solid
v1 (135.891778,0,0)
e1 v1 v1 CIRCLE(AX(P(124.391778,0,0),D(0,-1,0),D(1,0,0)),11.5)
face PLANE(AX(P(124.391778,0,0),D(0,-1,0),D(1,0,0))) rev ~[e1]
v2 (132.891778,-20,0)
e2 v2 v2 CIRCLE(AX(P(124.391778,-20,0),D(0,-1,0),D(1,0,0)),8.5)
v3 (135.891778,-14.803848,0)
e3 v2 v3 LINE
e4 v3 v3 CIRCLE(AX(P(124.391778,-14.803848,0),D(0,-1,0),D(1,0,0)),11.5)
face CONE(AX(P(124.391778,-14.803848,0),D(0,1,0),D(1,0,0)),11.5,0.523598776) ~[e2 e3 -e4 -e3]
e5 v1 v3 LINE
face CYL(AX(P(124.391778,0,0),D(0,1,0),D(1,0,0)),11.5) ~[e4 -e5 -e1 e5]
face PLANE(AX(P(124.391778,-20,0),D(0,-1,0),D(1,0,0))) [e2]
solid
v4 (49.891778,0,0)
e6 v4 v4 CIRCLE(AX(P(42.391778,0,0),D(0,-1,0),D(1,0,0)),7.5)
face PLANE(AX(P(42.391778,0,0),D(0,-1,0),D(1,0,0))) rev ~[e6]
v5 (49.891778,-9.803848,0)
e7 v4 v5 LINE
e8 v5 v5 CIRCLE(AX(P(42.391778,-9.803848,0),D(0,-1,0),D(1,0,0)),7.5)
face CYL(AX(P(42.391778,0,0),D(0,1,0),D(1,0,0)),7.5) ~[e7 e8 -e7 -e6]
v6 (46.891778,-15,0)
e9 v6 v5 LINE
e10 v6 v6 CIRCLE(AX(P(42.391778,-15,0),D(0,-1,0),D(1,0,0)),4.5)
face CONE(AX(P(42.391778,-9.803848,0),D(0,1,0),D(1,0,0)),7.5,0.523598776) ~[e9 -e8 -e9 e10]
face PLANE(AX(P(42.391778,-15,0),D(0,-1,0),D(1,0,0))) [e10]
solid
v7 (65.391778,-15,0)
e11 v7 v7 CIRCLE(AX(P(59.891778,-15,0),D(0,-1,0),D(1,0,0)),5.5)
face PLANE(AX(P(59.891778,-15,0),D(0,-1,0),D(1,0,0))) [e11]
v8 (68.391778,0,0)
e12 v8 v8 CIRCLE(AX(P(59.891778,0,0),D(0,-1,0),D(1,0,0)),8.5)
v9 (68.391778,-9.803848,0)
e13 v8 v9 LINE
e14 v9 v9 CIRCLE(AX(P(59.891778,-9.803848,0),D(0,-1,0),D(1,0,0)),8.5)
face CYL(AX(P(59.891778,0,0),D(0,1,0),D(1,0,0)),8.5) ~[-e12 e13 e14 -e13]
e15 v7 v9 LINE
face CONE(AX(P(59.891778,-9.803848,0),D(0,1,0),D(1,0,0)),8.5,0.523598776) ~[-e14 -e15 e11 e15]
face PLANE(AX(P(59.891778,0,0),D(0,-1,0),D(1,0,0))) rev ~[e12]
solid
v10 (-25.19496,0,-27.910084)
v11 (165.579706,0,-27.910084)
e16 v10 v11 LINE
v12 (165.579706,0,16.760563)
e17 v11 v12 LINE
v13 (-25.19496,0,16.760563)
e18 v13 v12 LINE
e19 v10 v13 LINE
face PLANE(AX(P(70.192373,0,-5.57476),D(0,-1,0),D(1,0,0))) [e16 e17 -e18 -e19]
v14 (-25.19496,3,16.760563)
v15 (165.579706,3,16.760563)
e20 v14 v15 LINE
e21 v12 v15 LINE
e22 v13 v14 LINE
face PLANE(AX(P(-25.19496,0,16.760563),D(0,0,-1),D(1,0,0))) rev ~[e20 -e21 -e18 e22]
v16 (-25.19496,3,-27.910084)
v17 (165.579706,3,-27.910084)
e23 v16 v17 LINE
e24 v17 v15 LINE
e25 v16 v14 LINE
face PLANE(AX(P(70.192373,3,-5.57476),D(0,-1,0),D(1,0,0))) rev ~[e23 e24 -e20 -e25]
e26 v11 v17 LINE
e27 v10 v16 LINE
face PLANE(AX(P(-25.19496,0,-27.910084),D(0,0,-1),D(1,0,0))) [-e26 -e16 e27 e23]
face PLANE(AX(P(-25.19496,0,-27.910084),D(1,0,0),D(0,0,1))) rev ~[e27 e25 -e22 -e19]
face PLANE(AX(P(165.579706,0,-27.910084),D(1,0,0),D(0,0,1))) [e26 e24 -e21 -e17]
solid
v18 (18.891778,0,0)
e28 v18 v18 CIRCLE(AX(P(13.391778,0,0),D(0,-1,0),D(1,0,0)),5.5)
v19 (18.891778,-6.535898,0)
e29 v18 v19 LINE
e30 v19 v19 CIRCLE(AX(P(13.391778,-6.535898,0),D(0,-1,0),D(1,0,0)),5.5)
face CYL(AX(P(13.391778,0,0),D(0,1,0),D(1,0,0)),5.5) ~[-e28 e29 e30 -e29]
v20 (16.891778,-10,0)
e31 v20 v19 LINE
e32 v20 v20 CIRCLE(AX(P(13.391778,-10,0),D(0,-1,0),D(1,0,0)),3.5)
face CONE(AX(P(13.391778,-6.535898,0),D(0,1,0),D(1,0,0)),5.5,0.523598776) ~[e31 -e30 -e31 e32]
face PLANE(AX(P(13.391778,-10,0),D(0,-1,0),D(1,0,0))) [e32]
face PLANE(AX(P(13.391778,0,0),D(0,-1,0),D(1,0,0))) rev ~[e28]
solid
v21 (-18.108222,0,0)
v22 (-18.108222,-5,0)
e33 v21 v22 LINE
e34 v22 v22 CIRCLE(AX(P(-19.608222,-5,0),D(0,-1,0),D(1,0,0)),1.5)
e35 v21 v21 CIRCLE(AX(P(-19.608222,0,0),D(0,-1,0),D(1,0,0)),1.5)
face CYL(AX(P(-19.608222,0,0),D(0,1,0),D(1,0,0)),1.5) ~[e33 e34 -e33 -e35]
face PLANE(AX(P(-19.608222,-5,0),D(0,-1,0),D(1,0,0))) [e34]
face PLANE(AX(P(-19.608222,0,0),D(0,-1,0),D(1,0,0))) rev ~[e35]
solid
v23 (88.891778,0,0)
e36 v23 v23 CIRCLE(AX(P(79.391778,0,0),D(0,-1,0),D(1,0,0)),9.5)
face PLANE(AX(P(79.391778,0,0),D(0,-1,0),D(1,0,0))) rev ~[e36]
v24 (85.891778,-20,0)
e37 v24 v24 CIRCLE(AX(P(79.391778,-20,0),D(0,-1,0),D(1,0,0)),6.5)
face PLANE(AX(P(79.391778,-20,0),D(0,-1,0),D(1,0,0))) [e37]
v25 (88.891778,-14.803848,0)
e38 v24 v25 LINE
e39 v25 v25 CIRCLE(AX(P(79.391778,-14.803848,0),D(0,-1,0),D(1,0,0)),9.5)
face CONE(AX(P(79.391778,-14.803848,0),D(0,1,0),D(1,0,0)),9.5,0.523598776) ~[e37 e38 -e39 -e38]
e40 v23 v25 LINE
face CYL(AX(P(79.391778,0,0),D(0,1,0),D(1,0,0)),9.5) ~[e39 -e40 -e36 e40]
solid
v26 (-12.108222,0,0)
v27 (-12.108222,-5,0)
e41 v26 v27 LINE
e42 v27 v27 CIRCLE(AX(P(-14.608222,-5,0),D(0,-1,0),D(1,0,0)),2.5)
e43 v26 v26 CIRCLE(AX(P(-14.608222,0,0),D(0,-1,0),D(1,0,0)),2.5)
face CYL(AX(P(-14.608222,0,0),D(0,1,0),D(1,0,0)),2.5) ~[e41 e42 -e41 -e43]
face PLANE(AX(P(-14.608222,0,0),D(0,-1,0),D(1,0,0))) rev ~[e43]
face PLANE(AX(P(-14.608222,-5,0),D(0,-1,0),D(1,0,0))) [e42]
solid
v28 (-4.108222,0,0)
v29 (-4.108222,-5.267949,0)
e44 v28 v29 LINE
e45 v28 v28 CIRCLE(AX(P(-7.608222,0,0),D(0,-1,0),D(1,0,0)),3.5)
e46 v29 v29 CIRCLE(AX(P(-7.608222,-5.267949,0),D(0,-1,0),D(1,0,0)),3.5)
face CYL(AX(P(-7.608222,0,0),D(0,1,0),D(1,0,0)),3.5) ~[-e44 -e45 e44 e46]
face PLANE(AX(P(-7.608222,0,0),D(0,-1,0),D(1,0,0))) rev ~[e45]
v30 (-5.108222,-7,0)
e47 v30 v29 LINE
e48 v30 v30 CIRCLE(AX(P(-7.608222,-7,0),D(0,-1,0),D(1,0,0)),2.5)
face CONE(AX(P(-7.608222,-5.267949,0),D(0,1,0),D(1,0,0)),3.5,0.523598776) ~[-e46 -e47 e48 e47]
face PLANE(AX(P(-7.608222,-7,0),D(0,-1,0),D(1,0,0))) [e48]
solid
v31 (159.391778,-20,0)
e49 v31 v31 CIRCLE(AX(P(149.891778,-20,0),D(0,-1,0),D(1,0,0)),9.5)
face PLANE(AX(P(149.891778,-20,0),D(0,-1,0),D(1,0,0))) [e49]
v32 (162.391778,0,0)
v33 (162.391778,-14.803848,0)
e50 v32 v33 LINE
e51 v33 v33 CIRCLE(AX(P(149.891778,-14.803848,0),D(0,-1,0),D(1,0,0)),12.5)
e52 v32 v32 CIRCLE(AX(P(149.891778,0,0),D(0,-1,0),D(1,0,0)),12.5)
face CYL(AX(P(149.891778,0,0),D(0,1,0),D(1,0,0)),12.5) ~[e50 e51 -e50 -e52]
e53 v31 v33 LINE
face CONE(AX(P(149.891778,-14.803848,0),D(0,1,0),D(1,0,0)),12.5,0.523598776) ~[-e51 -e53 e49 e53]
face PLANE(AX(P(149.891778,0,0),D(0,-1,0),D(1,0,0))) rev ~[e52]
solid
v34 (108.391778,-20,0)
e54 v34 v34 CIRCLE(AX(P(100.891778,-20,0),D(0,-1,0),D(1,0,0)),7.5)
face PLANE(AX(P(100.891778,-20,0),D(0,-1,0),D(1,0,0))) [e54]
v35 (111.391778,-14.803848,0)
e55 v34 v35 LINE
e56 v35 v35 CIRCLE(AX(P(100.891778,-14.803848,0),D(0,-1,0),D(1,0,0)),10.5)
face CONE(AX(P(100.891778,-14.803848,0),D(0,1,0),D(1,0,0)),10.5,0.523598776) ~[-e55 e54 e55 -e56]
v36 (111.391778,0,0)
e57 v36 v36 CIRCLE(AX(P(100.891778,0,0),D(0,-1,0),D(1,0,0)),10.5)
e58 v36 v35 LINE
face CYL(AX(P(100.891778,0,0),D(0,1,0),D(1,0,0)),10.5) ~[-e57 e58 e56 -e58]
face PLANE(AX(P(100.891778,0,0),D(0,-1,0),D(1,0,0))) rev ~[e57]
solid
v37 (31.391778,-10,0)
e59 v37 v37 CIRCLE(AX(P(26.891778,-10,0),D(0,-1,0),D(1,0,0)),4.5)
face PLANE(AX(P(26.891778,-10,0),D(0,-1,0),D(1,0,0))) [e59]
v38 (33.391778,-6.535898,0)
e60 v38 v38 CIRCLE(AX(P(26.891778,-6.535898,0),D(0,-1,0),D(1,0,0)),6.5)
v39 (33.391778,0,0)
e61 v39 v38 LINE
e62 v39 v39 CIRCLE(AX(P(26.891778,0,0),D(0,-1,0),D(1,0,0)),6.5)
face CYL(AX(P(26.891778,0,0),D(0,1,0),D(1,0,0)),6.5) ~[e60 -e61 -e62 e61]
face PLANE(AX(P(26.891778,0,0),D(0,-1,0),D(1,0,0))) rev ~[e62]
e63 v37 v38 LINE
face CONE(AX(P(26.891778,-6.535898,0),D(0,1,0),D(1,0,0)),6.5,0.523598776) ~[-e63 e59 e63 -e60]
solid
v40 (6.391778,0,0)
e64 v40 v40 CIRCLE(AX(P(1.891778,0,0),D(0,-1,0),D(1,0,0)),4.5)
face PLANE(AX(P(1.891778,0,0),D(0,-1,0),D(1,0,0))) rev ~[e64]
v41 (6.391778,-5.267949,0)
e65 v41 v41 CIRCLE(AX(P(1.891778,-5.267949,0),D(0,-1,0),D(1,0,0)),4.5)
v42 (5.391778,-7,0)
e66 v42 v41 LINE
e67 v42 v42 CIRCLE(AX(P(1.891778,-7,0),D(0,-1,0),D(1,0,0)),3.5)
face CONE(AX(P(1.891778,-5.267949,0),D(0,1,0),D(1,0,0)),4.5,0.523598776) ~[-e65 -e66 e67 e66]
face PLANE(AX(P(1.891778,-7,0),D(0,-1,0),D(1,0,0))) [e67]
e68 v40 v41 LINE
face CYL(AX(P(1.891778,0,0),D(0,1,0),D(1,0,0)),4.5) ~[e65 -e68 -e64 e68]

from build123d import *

# Parameters (mm, degrees)
F0_R        = 1.5
F1_DEPTH    = 5
F0_R_2      = 2.5
F0_R_3      = 3.5
F2_DEPTH    = 7
F0_R_4      = 4.5
F0_R_5      = 5.5
F3_DEPTH    = 10
F0_R_6      = 6.5
F0_R_7      = 7.5
F4_DEPTH    = 15
F0_R_8      = 8.5
F0_R_9      = 9.5
F5_DEPTH    = 20
F0_R_10     = 10.5
F0_R_11     = 11.5
F6_DEPTH    = 20
F0_R_12     = 12.5
F7_W        = 190.7746661454
F7_H        = 44.6706470102
F8_DEPTH    = 3
F9_SIZE2    = 5.1961524227
F9_SIZE     = 3
F9_2_SIZE2  = 5.1961524227
F9_2_SIZE   = 3
F9_3_SIZE2  = 5.1961524227
F9_3_SIZE   = 3
F9_4_SIZE2  = 5.1961524227
F9_4_SIZE   = 3
F9_5_SIZE2  = 5.1961524227
F9_5_SIZE   = 3
F9_6_SIZE2  = 5.1961524227
F9_6_SIZE   = 3
F10_SIZE2   = 3.4641016151
F10_SIZE    = 2
F10_2_SIZE2 = 3.4641016151
F10_2_SIZE  = 2
F11_SIZE2   = 1.7320508076
F11_SIZE    = 1
F11_2_SIZE2 = 1.7320508076
F11_2_SIZE  = 1


with BuildPart() as f1:
    # F0 (on Front) → F1 (new body)
    with BuildSketch(Plane.XZ):
        with Locations((-19.6082217147, 0)):
            Circle(F0_R)
    extrude(amount=F1_DEPTH)


with BuildPart() as f1b:
    # F0 (on Front) → F1, piece 2 (new body)
    with BuildSketch(Plane.XZ):
        with Locations((-14.6082217147, 0)):
            Circle(F0_R_2)
    extrude(amount=F1_DEPTH)


with BuildPart() as f2:
    # F0 (on Front) → F2 (new body)
    with BuildSketch(Plane.XZ):
        with Locations((-7.6082217147, 0)):
            Circle(F0_R_3)
    extrude(amount=F2_DEPTH)

    # F11#2
    f11_2_edges = [f2.edges().sort_by_distance(p)[0] for p in [
        (-11.108222, -7, 0),
    ]]
    f11_2_side = f2.faces().sort_by_distance((-7.608222, -7, 0))[0]
    chamfer(f11_2_edges, length=F11_2_SIZE, length2=F11_2_SIZE2, reference=f11_2_side)


with BuildPart() as f2b:
    # F0 (on Front) → F2, piece 2 (new body)
    with BuildSketch(Plane.XZ):
        with Locations((1.8917782853, 0)):
            Circle(F0_R_4)
    extrude(amount=F2_DEPTH)

    # F11
    f11_edges = [f2b.edges().sort_by_distance(p)[0] for p in [
        (-2.608222, -7, 0),
    ]]
    f11_side = f2b.faces().sort_by_distance((1.891778, -7, 0))[0]
    chamfer(f11_edges, length=F11_SIZE, length2=F11_SIZE2, reference=f11_side)


with BuildPart() as f3:
    # F0 (on Front) → F3 (new body)
    with BuildSketch(Plane.XZ):
        with Locations((13.3917782853, 0)):
            Circle(F0_R_5)
    extrude(amount=F3_DEPTH)

    # F10#2
    f10_2_edges = [f3.edges().sort_by_distance(p)[0] for p in [
        (7.891778, -10, 0),
    ]]
    f10_2_side = f3.faces().sort_by_distance((13.391778, -10, 0))[0]
    chamfer(f10_2_edges, length=F10_2_SIZE, length2=F10_2_SIZE2, reference=f10_2_side)


with BuildPart() as f3b:
    # F0 (on Front) → F3, piece 2 (new body)
    with BuildSketch(Plane.XZ):
        with Locations((26.8917782853, 0)):
            Circle(F0_R_6)
    extrude(amount=F3_DEPTH)

    # F10
    f10_edges = [f3b.edges().sort_by_distance(p)[0] for p in [
        (20.391778, -10, 0),
    ]]
    f10_side = f3b.faces().sort_by_distance((26.891778, -10, 0))[0]
    chamfer(f10_edges, length=F10_SIZE, length2=F10_SIZE2, reference=f10_side)


with BuildPart() as f4:
    # F0 (on Front) → F4 (new body)
    with BuildSketch(Plane.XZ):
        with Locations((42.3917782853, 0)):
            Circle(F0_R_7)
    extrude(amount=F4_DEPTH)

    # F9#6
    f9_6_edges = [f4.edges().sort_by_distance(p)[0] for p in [
        (34.891778, -15, 0),
    ]]
    f9_6_side = f4.faces().sort_by_distance((42.391778, -15, 0))[0]
    chamfer(f9_6_edges, length=F9_6_SIZE, length2=F9_6_SIZE2, reference=f9_6_side)


with BuildPart() as f4b:
    # F0 (on Front) → F4, piece 2 (new body)
    with BuildSketch(Plane.XZ):
        with Locations((59.8917782853, 0)):
            Circle(F0_R_8)
    extrude(amount=F4_DEPTH)

    # F9#5
    f9_5_edges = [f4b.edges().sort_by_distance(p)[0] for p in [
        (51.391778, -15, 0),
    ]]
    f9_5_side = f4b.faces().sort_by_distance((59.891778, -15, 0))[0]
    chamfer(f9_5_edges, length=F9_5_SIZE, length2=F9_5_SIZE2, reference=f9_5_side)


with BuildPart() as f5:
    # F0 (on Front) → F5 (new body)
    with BuildSketch(Plane.XZ):
        with Locations((79.3917782853, 0)):
            Circle(F0_R_9)
    extrude(amount=F5_DEPTH)

    # F9#4
    f9_4_edges = [f5.edges().sort_by_distance(p)[0] for p in [
        (69.891778, -20, 0),
    ]]
    f9_4_side = f5.faces().sort_by_distance((79.391778, -20, 0))[0]
    chamfer(f9_4_edges, length=F9_4_SIZE, length2=F9_4_SIZE2, reference=f9_4_side)


with BuildPart() as f5b:
    # F0 (on Front) → F5, piece 2 (new body)
    with BuildSketch(Plane.XZ):
        with Locations((100.8917782853, 0)):
            Circle(F0_R_10)
    extrude(amount=F5_DEPTH)

    # F9#3
    f9_3_edges = [f5b.edges().sort_by_distance(p)[0] for p in [
        (90.391778, -20, 0),
    ]]
    f9_3_side = f5b.faces().sort_by_distance((100.891778, -20, 0))[0]
    chamfer(f9_3_edges, length=F9_3_SIZE, length2=F9_3_SIZE2, reference=f9_3_side)


with BuildPart() as f6:
    # F0 (on Front) → F6 (new body)
    with BuildSketch(Plane.XZ):
        with Locations((124.3917782853, 0)):
            Circle(F0_R_11)
    extrude(amount=F6_DEPTH)

    # F9#2
    f9_2_edges = [f6.edges().sort_by_distance(p)[0] for p in [
        (112.891778, -20, 0),
    ]]
    f9_2_side = f6.faces().sort_by_distance((124.391778, -20, 0))[0]
    chamfer(f9_2_edges, length=F9_2_SIZE, length2=F9_2_SIZE2, reference=f9_2_side)


with BuildPart() as f6b:
    # F0 (on Front) → F6, piece 2 (new body)
    with BuildSketch(Plane.XZ):
        with Locations((149.8917782853, 0)):
            Circle(F0_R_12)
    extrude(amount=F6_DEPTH)

    # F9
    f9_edges = [f6b.edges().sort_by_distance(p)[0] for p in [
        (137.391778, -20, 0),
    ]]
    f9_side = f6b.faces().sort_by_distance((149.891778, -20, 0))[0]
    chamfer(f9_edges, length=F9_SIZE, length2=F9_SIZE2, reference=f9_side)


with BuildPart() as f8:
    # F7 (on Front) → F8 (new body)
    with BuildSketch(Plane.XZ):
        with Locations((70.1923733577, -5.5747600272)):
            Rectangle(F7_W, F7_H)
    extrude(amount=-F8_DEPTH)


solid = Compound([f1.part, f1b.part, f2.part, f2b.part, f3.part, f3b.part, f4.part, f4b.part, f5.part, f5b.part, f6.part, f6b.part, f8.part])
